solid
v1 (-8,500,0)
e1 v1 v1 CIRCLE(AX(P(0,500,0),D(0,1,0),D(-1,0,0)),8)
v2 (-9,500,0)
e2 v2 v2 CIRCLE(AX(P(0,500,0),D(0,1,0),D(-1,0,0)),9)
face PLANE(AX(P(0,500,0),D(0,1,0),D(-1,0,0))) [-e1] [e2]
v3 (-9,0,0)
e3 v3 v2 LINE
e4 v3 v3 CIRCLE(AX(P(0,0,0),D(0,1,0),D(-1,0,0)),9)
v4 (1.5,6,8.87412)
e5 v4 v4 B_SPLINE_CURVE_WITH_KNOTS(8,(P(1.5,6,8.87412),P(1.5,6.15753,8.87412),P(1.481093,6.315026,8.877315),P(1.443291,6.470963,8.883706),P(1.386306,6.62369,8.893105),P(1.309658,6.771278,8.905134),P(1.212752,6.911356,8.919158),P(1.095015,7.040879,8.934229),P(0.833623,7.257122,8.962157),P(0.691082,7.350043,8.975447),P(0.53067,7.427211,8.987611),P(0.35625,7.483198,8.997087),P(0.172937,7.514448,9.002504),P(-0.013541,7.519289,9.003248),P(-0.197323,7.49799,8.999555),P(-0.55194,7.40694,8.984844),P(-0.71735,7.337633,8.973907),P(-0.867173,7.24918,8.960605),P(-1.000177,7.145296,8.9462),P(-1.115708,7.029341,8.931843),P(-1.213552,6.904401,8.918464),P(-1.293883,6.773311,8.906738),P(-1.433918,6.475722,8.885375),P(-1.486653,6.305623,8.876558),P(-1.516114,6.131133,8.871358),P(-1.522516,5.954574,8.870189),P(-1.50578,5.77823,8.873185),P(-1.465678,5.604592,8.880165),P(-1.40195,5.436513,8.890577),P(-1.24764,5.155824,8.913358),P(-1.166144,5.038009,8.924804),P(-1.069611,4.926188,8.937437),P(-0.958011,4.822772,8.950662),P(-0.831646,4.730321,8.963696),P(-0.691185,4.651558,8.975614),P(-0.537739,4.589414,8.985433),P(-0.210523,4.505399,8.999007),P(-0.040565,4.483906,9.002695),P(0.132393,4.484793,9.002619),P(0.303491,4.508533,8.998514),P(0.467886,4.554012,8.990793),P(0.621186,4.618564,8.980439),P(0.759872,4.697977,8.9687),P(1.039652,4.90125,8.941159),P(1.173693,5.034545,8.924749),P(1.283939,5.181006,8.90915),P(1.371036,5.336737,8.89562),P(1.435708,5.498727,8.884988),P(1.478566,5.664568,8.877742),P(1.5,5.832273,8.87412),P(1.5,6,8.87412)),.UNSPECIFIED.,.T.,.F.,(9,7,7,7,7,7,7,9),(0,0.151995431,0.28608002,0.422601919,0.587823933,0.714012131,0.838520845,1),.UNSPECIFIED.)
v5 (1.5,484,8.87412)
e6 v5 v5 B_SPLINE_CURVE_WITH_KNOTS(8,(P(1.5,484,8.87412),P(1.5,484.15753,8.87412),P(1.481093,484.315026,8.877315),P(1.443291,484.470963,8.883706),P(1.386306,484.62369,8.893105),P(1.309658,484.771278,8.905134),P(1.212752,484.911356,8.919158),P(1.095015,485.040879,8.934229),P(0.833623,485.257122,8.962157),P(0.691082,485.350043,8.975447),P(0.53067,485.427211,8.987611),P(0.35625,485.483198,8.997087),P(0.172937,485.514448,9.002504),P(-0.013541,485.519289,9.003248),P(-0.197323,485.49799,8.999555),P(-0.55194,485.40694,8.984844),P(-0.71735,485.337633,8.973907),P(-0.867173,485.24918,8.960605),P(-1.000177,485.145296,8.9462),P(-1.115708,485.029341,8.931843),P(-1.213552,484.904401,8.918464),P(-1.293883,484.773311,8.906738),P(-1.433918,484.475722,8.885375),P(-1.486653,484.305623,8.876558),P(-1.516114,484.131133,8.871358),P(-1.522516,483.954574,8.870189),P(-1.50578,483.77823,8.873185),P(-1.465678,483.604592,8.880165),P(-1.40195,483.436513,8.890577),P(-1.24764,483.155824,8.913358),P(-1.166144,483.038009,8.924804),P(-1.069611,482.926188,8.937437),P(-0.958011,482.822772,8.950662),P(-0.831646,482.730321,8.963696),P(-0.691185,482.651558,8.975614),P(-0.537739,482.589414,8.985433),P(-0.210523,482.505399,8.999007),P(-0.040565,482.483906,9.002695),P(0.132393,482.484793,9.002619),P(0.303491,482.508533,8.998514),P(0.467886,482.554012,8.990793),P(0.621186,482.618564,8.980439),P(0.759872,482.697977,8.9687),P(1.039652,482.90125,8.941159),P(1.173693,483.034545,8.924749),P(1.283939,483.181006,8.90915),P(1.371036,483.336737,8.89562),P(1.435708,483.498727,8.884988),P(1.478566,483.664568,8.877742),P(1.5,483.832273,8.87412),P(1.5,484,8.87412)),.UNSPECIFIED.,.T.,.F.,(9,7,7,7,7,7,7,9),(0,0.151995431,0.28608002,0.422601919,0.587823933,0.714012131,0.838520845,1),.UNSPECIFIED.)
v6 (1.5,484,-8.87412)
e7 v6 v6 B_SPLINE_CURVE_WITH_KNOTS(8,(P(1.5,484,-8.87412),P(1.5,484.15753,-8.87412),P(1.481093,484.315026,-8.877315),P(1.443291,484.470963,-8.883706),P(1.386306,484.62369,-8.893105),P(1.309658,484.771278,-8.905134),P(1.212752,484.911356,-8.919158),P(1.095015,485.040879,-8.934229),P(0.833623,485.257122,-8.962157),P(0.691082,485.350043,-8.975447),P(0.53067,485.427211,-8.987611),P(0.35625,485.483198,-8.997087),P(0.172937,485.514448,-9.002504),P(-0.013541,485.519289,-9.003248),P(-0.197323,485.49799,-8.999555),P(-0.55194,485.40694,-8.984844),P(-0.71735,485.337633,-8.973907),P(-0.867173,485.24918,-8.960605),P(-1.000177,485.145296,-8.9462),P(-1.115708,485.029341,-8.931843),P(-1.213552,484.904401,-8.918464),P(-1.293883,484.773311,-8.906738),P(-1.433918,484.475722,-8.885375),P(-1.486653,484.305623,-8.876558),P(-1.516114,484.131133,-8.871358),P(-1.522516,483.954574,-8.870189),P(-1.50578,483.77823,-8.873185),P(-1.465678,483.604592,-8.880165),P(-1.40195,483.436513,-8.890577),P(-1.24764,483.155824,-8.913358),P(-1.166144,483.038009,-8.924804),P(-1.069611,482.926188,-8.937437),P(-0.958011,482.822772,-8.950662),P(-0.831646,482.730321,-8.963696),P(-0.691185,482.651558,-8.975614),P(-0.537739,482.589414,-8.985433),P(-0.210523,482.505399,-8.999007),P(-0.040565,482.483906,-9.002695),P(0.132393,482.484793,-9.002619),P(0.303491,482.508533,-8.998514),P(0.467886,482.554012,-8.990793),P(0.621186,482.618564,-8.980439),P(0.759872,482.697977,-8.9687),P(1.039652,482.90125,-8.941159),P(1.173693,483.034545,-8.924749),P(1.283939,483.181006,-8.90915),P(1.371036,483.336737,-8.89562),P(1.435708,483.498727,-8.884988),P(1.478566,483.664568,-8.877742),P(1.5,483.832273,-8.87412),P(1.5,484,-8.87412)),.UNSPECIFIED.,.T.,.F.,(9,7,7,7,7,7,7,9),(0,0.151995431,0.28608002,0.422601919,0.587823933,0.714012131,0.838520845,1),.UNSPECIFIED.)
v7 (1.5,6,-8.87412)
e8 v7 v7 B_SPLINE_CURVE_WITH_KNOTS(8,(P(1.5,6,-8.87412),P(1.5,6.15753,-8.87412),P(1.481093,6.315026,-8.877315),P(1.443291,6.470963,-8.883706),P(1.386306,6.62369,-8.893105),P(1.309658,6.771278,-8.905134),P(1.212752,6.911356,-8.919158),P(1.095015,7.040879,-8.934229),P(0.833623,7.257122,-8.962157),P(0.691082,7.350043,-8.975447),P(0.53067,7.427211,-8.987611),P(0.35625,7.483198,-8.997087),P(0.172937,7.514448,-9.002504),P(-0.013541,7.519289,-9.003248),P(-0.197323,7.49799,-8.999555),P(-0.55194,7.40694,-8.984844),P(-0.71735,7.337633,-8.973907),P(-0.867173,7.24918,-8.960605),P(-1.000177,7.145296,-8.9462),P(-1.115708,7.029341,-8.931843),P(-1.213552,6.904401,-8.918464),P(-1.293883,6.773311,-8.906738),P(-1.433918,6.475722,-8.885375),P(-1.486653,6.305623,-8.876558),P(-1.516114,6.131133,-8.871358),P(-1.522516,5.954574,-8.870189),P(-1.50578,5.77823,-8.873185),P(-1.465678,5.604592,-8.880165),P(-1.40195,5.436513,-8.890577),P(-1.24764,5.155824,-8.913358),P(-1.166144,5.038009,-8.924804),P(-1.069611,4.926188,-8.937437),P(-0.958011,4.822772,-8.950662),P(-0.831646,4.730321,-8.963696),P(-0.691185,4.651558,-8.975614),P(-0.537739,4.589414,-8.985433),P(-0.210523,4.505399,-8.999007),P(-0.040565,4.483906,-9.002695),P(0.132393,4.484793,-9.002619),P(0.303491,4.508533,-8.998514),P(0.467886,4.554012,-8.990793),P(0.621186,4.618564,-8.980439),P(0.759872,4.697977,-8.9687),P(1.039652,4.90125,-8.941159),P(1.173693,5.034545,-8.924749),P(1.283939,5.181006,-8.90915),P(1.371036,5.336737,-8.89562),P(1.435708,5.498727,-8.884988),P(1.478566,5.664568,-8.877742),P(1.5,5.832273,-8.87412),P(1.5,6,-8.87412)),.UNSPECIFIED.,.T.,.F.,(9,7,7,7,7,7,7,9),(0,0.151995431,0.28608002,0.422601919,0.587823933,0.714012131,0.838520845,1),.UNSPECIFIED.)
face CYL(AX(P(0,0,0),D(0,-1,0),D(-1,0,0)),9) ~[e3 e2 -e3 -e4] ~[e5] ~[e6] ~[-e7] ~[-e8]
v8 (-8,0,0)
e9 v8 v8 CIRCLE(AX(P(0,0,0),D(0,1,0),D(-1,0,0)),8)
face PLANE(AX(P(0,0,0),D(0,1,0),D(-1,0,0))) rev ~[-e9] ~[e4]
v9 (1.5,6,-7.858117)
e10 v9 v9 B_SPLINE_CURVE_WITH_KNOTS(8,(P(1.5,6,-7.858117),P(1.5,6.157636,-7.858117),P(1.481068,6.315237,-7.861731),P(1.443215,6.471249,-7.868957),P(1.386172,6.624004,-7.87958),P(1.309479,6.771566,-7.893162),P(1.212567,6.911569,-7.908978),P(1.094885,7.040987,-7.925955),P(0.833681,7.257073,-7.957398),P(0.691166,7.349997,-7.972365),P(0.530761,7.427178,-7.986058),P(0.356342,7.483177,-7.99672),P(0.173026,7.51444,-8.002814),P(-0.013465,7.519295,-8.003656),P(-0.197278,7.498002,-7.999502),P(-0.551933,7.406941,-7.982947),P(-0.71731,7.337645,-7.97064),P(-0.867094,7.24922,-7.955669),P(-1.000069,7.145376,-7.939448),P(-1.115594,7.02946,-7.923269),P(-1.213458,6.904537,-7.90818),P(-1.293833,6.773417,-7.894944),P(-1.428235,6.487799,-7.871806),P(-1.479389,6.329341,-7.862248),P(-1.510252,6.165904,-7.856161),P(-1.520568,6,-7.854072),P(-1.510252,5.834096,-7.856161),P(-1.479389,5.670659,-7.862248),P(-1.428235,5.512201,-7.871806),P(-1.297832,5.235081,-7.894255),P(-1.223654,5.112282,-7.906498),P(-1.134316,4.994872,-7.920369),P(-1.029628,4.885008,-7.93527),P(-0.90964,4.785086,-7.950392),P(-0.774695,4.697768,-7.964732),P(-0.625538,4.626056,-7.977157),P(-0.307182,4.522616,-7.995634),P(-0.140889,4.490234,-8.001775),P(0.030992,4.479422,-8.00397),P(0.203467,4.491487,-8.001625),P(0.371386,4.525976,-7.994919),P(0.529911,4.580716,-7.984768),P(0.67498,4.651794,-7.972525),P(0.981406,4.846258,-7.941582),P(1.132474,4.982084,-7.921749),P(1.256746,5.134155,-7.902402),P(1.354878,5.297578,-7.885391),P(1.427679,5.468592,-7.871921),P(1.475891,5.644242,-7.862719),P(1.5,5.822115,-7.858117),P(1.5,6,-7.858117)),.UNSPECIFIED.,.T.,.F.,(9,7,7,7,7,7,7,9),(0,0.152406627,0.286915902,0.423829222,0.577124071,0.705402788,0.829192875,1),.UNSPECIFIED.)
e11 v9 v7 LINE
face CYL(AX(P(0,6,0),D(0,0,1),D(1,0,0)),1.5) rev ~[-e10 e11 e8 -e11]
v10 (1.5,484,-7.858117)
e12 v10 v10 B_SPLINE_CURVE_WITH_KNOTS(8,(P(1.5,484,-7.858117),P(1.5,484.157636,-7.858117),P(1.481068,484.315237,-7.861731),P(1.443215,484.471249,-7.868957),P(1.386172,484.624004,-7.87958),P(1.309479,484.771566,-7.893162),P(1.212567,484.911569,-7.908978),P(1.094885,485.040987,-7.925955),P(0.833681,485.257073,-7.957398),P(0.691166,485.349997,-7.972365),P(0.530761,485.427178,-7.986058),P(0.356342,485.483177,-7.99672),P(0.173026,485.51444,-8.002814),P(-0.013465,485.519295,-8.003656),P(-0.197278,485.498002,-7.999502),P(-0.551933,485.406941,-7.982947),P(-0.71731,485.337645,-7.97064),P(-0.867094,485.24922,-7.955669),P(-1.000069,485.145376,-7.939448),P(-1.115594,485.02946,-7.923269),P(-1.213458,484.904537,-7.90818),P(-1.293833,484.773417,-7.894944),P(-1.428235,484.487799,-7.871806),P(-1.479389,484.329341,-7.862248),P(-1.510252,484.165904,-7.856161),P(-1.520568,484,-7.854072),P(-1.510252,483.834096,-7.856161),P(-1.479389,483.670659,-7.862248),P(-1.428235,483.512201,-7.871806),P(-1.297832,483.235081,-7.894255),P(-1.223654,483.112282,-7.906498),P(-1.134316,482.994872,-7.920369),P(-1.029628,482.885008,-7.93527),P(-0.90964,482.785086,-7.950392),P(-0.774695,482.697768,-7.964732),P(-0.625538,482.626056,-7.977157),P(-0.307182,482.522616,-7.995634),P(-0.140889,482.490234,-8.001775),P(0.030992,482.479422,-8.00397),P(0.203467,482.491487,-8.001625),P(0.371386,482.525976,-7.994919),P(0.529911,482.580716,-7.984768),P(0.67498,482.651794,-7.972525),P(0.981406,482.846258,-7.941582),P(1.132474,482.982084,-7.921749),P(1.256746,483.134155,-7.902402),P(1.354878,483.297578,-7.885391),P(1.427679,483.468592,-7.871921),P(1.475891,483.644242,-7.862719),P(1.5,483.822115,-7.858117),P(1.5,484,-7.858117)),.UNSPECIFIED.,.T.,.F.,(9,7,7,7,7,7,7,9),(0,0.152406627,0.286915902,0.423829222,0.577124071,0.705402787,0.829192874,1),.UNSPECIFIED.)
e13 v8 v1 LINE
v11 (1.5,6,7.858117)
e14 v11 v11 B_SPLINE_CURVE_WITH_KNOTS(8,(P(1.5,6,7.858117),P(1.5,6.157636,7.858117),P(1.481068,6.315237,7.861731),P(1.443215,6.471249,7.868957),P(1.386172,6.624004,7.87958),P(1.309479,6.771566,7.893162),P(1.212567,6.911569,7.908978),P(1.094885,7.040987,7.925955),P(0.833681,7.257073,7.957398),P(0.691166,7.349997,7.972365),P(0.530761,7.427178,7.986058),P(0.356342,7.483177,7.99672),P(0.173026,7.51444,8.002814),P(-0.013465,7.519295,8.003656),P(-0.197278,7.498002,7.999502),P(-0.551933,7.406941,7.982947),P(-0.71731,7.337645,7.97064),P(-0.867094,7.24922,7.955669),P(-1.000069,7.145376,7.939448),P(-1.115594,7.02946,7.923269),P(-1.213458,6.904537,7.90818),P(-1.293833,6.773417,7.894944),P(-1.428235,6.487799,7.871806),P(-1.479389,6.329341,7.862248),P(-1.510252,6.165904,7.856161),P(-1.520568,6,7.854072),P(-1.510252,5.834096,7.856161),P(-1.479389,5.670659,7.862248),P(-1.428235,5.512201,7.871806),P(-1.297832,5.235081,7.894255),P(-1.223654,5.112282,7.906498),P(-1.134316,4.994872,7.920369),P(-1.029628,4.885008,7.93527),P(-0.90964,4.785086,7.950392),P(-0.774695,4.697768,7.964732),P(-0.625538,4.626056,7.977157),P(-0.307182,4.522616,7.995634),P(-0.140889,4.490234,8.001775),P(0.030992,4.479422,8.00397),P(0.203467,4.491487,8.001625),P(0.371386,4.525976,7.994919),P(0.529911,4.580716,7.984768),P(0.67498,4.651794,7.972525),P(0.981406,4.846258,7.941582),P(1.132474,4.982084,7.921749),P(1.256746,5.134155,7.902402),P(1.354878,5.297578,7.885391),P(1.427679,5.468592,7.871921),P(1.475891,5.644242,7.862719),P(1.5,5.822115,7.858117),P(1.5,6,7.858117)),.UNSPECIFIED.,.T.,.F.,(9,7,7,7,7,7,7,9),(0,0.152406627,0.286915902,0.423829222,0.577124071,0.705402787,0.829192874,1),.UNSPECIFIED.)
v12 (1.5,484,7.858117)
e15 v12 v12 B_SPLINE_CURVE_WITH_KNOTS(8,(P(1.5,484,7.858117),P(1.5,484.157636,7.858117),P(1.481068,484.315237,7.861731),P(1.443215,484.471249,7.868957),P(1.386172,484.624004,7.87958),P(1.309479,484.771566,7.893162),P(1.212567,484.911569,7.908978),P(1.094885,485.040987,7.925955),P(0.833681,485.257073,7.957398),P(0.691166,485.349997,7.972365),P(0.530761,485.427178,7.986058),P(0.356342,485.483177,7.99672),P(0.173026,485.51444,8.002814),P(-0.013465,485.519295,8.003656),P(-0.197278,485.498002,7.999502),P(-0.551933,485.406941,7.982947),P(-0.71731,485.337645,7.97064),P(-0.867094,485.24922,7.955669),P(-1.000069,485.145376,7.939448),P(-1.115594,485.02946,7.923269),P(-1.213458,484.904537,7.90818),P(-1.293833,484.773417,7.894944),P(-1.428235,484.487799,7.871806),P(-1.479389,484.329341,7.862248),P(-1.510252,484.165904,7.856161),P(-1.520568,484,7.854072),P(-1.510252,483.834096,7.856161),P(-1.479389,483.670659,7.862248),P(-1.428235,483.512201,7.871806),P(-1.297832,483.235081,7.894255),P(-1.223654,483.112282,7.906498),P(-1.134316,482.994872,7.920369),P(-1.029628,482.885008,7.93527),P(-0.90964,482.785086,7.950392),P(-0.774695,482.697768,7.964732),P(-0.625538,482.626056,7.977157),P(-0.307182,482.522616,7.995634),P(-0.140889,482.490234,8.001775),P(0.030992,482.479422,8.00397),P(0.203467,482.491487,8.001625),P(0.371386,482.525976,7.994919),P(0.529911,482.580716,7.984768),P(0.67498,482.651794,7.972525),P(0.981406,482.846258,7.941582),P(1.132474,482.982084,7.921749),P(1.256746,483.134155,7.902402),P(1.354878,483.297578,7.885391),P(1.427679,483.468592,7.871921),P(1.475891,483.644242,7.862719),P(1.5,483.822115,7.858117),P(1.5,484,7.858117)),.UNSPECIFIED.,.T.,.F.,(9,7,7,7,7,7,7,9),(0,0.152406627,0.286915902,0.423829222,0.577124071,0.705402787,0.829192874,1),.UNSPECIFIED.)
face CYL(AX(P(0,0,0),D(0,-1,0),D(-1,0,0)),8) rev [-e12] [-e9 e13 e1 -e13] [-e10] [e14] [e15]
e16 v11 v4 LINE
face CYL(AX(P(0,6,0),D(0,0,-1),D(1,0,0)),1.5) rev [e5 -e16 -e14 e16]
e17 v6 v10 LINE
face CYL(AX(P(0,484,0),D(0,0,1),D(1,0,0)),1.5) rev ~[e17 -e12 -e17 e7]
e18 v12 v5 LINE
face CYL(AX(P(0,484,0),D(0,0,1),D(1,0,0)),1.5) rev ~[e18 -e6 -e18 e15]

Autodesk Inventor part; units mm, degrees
ref_plane "YZ Plane" through (0, 0, 0) normal (1, 0, 0) x (0, 1, 0)
ref_plane "XZ Plane" through (0, 0, 0) normal (0, 1, 0) x (-1, 0, 0)
ref_plane "XY Plane" through (0, 0, 0) normal (0, 0, 1) x (1, 0, 0)
sketch "Sketch2" plane through (0, 0, 0) normal (0, 1, 0) x (-1, 0, 0)
  circle A0 centre (0, 0) radius 9
  circle A1 centre (0, 0) radius 8
  dimension "d91" = 18
  dimension "d92" = 16
extrude "Extrusion5" add sketch "Sketch2" along normal blind 500
sketch "Sketch3" plane through (0, 0, 0) normal (0, 0, 1) x (1, 0, 0)
  line L0 (0, 0) -> (0, 6) construction
  circle A0 centre (0, 6) radius 1.5
  line L1 (9, 500) -> (-9, 500) projected
  line L2 (0, 500) -> (0, 484)
  circle A1 centre (0, 484) radius 1.5
  dimension "d95" = 6
  dimension "d96" = 3
  dimension "d97" = 16
  dimension "d98" = 3
extrude "Extrusion6" cut sketch "Sketch3" along normal blind 10 and the other way blind 10
properties part number "airfoil"
